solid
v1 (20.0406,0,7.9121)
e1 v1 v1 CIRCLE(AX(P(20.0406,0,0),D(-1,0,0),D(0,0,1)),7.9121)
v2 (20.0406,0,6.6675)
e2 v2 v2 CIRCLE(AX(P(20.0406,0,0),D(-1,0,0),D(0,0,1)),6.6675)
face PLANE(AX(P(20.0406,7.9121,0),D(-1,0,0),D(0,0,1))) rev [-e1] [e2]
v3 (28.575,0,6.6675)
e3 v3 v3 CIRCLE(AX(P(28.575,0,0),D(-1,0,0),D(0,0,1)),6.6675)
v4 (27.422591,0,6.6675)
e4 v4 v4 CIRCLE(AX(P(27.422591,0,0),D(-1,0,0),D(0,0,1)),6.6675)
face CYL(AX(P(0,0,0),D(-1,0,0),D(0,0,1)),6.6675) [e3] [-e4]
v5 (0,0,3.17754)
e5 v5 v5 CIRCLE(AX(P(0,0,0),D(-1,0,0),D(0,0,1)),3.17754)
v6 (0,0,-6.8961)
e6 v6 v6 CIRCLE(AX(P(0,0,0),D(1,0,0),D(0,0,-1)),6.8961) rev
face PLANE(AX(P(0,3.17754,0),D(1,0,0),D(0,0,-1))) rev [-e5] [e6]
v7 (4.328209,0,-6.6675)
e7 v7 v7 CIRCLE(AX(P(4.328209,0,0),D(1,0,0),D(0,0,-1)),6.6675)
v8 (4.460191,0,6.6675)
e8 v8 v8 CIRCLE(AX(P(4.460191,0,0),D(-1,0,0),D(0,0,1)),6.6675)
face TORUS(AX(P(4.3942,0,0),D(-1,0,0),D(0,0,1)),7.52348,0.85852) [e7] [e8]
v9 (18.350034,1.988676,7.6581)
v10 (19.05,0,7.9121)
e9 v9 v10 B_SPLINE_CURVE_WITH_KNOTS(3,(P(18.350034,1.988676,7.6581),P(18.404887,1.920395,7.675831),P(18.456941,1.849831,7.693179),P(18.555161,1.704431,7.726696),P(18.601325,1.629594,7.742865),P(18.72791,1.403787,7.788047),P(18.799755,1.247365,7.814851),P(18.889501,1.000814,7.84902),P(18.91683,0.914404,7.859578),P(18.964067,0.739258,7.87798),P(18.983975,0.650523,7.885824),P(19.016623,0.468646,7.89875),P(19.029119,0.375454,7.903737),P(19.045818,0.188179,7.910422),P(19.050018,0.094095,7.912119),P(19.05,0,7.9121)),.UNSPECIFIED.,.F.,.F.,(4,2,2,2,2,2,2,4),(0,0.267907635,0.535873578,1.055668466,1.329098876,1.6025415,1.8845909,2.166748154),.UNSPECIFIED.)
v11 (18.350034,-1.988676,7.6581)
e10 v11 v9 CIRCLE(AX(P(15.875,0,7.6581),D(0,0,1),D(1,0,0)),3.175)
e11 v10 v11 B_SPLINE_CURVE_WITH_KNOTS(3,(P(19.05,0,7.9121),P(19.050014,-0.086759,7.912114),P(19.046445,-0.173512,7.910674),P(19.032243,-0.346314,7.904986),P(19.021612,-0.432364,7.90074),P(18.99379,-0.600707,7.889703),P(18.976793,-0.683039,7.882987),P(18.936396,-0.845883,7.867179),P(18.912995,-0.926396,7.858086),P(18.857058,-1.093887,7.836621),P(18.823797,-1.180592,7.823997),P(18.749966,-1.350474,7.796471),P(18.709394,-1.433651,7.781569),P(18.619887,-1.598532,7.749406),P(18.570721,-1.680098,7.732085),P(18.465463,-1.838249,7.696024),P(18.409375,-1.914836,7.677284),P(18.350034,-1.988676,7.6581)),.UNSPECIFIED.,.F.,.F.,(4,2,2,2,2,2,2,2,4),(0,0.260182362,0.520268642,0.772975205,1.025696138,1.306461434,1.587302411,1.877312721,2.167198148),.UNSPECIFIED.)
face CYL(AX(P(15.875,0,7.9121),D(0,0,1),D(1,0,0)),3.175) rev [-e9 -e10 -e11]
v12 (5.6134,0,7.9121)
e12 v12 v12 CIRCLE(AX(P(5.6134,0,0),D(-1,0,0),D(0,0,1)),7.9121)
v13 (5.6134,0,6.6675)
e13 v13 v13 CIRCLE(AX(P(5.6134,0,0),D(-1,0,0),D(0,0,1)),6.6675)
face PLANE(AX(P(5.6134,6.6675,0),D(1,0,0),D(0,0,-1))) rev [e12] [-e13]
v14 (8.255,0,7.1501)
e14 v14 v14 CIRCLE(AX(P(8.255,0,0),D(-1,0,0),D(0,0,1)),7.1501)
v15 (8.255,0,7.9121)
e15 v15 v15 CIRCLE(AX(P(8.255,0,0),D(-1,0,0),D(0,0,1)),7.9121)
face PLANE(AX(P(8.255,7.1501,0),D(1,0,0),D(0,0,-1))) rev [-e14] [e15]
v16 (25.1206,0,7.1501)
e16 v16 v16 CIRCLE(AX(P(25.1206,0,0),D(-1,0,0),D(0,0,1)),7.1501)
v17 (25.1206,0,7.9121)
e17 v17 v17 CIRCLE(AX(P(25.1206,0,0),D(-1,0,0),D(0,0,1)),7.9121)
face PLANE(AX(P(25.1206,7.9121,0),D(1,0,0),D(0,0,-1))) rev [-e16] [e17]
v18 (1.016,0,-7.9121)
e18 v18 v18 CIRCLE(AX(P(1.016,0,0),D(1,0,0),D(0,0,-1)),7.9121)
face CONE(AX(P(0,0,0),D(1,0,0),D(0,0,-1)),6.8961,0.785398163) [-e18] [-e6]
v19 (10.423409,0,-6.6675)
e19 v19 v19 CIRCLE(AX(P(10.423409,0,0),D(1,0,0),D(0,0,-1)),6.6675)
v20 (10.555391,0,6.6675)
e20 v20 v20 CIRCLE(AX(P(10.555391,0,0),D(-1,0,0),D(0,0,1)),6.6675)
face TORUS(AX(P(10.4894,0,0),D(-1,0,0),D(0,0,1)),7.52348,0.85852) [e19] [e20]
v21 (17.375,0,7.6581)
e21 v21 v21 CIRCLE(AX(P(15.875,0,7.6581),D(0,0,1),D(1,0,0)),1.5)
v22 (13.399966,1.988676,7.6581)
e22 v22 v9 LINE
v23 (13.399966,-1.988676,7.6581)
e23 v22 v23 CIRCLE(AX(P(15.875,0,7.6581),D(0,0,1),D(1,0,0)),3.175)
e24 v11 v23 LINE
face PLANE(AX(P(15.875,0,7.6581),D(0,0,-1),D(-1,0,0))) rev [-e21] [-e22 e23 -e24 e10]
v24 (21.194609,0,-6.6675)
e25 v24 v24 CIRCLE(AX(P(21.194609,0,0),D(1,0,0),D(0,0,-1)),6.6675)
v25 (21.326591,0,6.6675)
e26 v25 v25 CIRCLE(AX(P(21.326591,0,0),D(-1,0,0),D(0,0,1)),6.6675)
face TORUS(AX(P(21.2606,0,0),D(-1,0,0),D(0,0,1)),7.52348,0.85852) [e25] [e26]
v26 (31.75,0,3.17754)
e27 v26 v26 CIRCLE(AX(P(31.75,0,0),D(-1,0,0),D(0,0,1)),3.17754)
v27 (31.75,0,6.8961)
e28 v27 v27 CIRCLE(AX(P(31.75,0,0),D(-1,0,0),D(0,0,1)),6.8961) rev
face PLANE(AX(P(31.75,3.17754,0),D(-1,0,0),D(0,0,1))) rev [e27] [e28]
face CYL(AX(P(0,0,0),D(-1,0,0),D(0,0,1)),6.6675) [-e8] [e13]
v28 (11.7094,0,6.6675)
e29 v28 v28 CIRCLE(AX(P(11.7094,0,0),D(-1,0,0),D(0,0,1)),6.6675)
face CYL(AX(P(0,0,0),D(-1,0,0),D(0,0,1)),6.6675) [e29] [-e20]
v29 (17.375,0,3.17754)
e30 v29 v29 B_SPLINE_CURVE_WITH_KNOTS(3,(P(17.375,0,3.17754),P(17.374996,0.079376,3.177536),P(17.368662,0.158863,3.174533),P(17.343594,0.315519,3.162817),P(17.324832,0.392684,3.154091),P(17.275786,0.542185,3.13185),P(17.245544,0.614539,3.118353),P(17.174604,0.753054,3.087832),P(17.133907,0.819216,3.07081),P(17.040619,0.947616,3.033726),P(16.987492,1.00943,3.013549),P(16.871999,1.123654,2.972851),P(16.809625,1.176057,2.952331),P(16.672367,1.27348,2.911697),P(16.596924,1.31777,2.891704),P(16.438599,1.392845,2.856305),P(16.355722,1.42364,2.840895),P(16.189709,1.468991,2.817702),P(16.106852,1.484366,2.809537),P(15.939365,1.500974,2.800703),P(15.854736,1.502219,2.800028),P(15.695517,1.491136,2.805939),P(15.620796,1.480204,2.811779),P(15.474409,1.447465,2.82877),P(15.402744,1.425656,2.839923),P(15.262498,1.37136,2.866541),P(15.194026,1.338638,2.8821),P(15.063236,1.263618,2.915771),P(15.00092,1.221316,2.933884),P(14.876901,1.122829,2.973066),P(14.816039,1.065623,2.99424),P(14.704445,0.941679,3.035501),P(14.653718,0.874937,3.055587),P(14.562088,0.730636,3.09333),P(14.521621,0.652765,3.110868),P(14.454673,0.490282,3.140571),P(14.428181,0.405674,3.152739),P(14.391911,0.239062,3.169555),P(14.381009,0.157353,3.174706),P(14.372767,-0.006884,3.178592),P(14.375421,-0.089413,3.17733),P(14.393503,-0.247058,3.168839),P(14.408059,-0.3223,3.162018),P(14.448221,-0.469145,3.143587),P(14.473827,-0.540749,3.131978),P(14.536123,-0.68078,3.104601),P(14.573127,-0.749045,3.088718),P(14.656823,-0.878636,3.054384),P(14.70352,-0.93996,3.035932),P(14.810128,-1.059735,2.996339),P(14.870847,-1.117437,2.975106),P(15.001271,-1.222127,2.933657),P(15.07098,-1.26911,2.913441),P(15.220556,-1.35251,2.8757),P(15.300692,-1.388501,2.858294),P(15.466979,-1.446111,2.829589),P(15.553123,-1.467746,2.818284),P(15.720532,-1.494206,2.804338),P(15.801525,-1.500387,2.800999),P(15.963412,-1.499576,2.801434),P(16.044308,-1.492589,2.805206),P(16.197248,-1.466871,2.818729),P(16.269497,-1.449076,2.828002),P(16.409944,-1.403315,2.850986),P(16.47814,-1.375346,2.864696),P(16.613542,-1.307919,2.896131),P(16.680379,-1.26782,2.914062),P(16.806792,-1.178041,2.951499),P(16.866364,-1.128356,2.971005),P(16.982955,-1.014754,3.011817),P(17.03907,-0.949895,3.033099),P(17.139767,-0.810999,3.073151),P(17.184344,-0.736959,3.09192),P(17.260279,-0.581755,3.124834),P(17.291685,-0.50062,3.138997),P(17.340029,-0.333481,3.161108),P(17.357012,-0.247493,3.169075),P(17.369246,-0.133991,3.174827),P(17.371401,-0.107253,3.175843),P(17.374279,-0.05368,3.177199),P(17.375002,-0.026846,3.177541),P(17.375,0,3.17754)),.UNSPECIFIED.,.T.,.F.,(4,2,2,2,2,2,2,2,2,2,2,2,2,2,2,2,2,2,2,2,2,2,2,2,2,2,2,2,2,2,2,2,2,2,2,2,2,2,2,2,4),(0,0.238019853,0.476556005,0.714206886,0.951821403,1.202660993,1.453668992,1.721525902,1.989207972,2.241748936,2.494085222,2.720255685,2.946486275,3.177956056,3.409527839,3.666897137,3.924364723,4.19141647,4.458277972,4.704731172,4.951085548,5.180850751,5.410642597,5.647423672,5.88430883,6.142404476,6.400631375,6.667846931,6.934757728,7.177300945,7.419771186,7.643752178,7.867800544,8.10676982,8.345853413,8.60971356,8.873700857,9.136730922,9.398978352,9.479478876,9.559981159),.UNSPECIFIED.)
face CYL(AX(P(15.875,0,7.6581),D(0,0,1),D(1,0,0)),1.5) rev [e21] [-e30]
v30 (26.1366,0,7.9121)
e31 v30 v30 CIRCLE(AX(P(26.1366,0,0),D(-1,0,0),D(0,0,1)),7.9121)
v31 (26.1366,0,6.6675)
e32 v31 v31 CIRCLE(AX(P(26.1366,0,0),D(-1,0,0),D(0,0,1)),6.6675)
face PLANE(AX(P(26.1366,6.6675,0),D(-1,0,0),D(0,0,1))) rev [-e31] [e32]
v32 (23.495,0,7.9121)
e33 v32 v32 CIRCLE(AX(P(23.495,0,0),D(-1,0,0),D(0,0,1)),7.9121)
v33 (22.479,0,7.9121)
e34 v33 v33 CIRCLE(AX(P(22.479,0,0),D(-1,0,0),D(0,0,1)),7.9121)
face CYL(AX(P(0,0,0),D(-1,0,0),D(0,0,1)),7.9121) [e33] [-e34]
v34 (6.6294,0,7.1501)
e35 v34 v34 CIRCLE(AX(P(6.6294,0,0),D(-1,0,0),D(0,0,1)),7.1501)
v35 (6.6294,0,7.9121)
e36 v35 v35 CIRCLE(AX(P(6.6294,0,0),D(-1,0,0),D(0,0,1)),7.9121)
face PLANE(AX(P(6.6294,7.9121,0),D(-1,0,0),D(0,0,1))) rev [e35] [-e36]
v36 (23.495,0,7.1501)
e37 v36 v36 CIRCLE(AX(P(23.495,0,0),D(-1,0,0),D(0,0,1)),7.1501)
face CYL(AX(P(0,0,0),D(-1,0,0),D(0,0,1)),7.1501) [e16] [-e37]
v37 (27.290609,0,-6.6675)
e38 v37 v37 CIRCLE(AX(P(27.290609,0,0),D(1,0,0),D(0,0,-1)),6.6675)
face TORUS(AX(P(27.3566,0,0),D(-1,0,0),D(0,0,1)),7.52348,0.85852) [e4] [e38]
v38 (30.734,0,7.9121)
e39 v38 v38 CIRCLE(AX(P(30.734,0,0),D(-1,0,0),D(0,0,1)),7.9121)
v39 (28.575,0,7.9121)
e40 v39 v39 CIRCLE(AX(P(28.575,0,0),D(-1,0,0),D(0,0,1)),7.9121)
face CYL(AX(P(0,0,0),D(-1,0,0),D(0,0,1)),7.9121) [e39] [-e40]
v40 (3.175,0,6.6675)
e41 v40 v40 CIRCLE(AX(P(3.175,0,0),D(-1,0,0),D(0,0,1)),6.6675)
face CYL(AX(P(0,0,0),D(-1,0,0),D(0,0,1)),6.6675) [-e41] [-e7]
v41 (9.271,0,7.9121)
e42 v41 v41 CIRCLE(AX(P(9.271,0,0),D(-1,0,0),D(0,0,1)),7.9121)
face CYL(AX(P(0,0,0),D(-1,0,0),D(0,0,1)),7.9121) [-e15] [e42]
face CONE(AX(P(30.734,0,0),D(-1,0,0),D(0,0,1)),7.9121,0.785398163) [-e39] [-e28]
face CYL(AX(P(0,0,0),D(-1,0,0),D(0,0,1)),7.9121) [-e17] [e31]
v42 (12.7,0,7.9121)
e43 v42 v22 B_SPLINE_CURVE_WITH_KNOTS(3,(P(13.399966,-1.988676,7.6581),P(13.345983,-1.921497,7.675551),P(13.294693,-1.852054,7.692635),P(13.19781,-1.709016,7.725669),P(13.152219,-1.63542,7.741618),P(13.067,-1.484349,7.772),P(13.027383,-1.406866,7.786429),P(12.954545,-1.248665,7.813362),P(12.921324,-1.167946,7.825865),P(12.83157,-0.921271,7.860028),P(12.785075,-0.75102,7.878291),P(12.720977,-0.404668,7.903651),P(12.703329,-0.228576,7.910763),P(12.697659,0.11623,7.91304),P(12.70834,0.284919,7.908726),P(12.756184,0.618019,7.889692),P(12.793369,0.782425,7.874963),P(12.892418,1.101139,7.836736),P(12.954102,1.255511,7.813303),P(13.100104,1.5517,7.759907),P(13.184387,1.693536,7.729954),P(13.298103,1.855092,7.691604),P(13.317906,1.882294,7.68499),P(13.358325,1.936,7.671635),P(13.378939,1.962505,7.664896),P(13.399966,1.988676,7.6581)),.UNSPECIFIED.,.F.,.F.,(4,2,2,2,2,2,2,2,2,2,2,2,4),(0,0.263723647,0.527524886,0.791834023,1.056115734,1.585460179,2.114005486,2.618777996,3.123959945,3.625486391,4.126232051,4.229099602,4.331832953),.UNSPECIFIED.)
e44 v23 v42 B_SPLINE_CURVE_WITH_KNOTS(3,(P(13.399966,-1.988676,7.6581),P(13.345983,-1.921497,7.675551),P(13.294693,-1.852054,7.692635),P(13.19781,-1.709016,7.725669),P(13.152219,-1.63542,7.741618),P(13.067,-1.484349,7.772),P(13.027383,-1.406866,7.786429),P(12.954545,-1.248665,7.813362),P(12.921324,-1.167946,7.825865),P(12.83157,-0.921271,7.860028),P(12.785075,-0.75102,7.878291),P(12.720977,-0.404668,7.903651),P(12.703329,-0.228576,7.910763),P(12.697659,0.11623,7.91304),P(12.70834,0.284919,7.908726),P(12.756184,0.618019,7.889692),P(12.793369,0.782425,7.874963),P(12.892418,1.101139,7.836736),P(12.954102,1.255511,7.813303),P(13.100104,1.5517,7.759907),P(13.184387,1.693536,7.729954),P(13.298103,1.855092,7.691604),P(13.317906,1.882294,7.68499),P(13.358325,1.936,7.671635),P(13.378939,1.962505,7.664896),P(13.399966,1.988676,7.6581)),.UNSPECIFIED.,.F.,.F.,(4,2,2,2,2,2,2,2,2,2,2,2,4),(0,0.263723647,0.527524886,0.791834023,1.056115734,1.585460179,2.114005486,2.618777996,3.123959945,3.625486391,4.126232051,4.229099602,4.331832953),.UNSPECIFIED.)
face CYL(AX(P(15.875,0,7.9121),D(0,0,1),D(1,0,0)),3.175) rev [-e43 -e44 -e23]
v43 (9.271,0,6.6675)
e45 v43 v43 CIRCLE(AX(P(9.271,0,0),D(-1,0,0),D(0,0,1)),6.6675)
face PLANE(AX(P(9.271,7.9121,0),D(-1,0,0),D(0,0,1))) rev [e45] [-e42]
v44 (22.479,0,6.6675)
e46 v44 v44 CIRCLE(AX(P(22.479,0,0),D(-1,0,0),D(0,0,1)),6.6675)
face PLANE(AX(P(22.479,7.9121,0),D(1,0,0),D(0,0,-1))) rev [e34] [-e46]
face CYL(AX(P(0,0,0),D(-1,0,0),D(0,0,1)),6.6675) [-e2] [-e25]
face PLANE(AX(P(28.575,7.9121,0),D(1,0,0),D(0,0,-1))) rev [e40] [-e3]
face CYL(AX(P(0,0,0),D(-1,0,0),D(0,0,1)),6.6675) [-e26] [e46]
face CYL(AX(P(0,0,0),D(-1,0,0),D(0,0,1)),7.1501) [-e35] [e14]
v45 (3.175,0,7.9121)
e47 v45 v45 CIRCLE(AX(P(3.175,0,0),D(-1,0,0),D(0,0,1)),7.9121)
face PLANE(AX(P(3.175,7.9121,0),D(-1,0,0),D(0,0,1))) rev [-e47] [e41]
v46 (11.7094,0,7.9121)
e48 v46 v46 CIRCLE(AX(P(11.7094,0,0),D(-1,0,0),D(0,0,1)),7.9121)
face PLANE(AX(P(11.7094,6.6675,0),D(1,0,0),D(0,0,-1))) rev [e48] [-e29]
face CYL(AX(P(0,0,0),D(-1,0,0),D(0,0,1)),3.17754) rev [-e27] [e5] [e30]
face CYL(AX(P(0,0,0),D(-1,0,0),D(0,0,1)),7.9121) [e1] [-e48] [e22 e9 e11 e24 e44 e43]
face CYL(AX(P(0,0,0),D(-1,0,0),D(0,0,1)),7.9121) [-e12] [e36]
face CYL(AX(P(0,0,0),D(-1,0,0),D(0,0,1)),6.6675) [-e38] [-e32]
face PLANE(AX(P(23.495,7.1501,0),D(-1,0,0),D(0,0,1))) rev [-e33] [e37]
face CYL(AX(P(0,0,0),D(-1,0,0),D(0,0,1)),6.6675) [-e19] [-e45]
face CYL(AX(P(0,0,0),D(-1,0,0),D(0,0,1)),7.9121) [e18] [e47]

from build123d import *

# Parameters (mm, degrees)
CHAMFER1_SIZE                   = 1.016
F_1_4_0_25_DIAMETER_HOLE1_D     = 6.35
F_1_4_0_25_DIAMETER_HOLE1_DEPTH = 0.254
AIR_HOLE_D                      = 2.4892
AIR_HOLE_DEPTH                  = 6.35
AIR_HOLE_CBORE_D                = 3
AIR_HOLE_CBORE_DEPTH            = 6.096
AIR_HOLE_TIP                    = 0.747831126
SKETCH5_R                       = 0.85852


with BuildPart() as part:
    # Sketch1 → Revolve1 (revolve)
    with BuildSketch(Plane.XY, mode=Mode.PRIVATE) as revolve1_sk:
        Polygon((0, 3.17754), (31.75, 3.17754), (31.75, 7.9121), (28.575, 7.9121), (28.575, 6.6675), (26.1366, 6.6675), (26.1366, 7.9121), (25.1206, 7.9121), (25.1206, 7.1501), (23.495, 7.1501), (23.495, 7.9121), (22.479, 7.9121), (22.479, 6.6675), (20.0406, 6.6675), (20.0406, 7.9121), (11.7094, 7.9121), (11.7094, 6.6675), (9.271, 6.6675), (9.271, 7.9121), (8.255, 7.9121), (8.255, 7.1501), (6.6294, 7.1501), (6.6294, 7.9121), (5.6134, 7.9121), (5.6134, 6.6675), (3.175, 6.6675), (3.175, 7.9121), (0, 7.9121), align=None)
    revolve(revolve1_sk.sketch.rotate(Axis((0, 0, 0), (1, 0, 0)), 90), axis=Axis((0, 0, 0), (1, 0, 0)))  # turned: the seam where the file's is

    # Chamfer1
    chamfer1_edges = [part.edges().sort_by_distance(p)[0] for p in [
        (31.75, 0, -7.9121),
        (0, 0, -7.9121),
    ]]
    chamfer(chamfer1_edges, length=CHAMFER1_SIZE)

    # 1/4 (0.25) Diameter Hole1
    with Locations(Plane(origin=(15.875, 0, 7.9121), x_dir=(1, 0, 0), z_dir=(0, 0, 1))):
        with Locations((0, 0)):
            Hole(F_1_4_0_25_DIAMETER_HOLE1_D / 2, depth=F_1_4_0_25_DIAMETER_HOLE1_DEPTH)

    # Air Hole
    with Locations(Plane.XY.offset(7.6581)):
        with Locations((15.875, 0)):
            CounterBoreHole(AIR_HOLE_D / 2, AIR_HOLE_CBORE_D / 2, AIR_HOLE_CBORE_DEPTH, depth=AIR_HOLE_DEPTH)
            with Locations((0, 0, -(AIR_HOLE_DEPTH + AIR_HOLE_TIP / 2))):  # 118° drill point
                Cone(0, AIR_HOLE_D / 2, AIR_HOLE_TIP, mode=Mode.SUBTRACT)

    # Sketch5 → Revolve2 (revolve)
    with BuildSketch(Plane.XY, mode=Mode.PRIVATE) as revolve2_sk:
        with Locations((27.3566, 7.52348)):
            Circle(SKETCH5_R)
        with Locations((21.2606, 7.52348)):
            Circle(SKETCH5_R)
        with Locations((10.4894, 7.52348)):
            Circle(SKETCH5_R)
        with Locations((4.3942, 7.52348)):
            Circle(SKETCH5_R)
    revolve(revolve2_sk.sketch.rotate(Axis((0, 0, 0), (1, 0, 0)), 90), axis=Axis((0, 0, 0), (1, 0, 0)))  # turned: the seam where the file's is


solid = part.part
